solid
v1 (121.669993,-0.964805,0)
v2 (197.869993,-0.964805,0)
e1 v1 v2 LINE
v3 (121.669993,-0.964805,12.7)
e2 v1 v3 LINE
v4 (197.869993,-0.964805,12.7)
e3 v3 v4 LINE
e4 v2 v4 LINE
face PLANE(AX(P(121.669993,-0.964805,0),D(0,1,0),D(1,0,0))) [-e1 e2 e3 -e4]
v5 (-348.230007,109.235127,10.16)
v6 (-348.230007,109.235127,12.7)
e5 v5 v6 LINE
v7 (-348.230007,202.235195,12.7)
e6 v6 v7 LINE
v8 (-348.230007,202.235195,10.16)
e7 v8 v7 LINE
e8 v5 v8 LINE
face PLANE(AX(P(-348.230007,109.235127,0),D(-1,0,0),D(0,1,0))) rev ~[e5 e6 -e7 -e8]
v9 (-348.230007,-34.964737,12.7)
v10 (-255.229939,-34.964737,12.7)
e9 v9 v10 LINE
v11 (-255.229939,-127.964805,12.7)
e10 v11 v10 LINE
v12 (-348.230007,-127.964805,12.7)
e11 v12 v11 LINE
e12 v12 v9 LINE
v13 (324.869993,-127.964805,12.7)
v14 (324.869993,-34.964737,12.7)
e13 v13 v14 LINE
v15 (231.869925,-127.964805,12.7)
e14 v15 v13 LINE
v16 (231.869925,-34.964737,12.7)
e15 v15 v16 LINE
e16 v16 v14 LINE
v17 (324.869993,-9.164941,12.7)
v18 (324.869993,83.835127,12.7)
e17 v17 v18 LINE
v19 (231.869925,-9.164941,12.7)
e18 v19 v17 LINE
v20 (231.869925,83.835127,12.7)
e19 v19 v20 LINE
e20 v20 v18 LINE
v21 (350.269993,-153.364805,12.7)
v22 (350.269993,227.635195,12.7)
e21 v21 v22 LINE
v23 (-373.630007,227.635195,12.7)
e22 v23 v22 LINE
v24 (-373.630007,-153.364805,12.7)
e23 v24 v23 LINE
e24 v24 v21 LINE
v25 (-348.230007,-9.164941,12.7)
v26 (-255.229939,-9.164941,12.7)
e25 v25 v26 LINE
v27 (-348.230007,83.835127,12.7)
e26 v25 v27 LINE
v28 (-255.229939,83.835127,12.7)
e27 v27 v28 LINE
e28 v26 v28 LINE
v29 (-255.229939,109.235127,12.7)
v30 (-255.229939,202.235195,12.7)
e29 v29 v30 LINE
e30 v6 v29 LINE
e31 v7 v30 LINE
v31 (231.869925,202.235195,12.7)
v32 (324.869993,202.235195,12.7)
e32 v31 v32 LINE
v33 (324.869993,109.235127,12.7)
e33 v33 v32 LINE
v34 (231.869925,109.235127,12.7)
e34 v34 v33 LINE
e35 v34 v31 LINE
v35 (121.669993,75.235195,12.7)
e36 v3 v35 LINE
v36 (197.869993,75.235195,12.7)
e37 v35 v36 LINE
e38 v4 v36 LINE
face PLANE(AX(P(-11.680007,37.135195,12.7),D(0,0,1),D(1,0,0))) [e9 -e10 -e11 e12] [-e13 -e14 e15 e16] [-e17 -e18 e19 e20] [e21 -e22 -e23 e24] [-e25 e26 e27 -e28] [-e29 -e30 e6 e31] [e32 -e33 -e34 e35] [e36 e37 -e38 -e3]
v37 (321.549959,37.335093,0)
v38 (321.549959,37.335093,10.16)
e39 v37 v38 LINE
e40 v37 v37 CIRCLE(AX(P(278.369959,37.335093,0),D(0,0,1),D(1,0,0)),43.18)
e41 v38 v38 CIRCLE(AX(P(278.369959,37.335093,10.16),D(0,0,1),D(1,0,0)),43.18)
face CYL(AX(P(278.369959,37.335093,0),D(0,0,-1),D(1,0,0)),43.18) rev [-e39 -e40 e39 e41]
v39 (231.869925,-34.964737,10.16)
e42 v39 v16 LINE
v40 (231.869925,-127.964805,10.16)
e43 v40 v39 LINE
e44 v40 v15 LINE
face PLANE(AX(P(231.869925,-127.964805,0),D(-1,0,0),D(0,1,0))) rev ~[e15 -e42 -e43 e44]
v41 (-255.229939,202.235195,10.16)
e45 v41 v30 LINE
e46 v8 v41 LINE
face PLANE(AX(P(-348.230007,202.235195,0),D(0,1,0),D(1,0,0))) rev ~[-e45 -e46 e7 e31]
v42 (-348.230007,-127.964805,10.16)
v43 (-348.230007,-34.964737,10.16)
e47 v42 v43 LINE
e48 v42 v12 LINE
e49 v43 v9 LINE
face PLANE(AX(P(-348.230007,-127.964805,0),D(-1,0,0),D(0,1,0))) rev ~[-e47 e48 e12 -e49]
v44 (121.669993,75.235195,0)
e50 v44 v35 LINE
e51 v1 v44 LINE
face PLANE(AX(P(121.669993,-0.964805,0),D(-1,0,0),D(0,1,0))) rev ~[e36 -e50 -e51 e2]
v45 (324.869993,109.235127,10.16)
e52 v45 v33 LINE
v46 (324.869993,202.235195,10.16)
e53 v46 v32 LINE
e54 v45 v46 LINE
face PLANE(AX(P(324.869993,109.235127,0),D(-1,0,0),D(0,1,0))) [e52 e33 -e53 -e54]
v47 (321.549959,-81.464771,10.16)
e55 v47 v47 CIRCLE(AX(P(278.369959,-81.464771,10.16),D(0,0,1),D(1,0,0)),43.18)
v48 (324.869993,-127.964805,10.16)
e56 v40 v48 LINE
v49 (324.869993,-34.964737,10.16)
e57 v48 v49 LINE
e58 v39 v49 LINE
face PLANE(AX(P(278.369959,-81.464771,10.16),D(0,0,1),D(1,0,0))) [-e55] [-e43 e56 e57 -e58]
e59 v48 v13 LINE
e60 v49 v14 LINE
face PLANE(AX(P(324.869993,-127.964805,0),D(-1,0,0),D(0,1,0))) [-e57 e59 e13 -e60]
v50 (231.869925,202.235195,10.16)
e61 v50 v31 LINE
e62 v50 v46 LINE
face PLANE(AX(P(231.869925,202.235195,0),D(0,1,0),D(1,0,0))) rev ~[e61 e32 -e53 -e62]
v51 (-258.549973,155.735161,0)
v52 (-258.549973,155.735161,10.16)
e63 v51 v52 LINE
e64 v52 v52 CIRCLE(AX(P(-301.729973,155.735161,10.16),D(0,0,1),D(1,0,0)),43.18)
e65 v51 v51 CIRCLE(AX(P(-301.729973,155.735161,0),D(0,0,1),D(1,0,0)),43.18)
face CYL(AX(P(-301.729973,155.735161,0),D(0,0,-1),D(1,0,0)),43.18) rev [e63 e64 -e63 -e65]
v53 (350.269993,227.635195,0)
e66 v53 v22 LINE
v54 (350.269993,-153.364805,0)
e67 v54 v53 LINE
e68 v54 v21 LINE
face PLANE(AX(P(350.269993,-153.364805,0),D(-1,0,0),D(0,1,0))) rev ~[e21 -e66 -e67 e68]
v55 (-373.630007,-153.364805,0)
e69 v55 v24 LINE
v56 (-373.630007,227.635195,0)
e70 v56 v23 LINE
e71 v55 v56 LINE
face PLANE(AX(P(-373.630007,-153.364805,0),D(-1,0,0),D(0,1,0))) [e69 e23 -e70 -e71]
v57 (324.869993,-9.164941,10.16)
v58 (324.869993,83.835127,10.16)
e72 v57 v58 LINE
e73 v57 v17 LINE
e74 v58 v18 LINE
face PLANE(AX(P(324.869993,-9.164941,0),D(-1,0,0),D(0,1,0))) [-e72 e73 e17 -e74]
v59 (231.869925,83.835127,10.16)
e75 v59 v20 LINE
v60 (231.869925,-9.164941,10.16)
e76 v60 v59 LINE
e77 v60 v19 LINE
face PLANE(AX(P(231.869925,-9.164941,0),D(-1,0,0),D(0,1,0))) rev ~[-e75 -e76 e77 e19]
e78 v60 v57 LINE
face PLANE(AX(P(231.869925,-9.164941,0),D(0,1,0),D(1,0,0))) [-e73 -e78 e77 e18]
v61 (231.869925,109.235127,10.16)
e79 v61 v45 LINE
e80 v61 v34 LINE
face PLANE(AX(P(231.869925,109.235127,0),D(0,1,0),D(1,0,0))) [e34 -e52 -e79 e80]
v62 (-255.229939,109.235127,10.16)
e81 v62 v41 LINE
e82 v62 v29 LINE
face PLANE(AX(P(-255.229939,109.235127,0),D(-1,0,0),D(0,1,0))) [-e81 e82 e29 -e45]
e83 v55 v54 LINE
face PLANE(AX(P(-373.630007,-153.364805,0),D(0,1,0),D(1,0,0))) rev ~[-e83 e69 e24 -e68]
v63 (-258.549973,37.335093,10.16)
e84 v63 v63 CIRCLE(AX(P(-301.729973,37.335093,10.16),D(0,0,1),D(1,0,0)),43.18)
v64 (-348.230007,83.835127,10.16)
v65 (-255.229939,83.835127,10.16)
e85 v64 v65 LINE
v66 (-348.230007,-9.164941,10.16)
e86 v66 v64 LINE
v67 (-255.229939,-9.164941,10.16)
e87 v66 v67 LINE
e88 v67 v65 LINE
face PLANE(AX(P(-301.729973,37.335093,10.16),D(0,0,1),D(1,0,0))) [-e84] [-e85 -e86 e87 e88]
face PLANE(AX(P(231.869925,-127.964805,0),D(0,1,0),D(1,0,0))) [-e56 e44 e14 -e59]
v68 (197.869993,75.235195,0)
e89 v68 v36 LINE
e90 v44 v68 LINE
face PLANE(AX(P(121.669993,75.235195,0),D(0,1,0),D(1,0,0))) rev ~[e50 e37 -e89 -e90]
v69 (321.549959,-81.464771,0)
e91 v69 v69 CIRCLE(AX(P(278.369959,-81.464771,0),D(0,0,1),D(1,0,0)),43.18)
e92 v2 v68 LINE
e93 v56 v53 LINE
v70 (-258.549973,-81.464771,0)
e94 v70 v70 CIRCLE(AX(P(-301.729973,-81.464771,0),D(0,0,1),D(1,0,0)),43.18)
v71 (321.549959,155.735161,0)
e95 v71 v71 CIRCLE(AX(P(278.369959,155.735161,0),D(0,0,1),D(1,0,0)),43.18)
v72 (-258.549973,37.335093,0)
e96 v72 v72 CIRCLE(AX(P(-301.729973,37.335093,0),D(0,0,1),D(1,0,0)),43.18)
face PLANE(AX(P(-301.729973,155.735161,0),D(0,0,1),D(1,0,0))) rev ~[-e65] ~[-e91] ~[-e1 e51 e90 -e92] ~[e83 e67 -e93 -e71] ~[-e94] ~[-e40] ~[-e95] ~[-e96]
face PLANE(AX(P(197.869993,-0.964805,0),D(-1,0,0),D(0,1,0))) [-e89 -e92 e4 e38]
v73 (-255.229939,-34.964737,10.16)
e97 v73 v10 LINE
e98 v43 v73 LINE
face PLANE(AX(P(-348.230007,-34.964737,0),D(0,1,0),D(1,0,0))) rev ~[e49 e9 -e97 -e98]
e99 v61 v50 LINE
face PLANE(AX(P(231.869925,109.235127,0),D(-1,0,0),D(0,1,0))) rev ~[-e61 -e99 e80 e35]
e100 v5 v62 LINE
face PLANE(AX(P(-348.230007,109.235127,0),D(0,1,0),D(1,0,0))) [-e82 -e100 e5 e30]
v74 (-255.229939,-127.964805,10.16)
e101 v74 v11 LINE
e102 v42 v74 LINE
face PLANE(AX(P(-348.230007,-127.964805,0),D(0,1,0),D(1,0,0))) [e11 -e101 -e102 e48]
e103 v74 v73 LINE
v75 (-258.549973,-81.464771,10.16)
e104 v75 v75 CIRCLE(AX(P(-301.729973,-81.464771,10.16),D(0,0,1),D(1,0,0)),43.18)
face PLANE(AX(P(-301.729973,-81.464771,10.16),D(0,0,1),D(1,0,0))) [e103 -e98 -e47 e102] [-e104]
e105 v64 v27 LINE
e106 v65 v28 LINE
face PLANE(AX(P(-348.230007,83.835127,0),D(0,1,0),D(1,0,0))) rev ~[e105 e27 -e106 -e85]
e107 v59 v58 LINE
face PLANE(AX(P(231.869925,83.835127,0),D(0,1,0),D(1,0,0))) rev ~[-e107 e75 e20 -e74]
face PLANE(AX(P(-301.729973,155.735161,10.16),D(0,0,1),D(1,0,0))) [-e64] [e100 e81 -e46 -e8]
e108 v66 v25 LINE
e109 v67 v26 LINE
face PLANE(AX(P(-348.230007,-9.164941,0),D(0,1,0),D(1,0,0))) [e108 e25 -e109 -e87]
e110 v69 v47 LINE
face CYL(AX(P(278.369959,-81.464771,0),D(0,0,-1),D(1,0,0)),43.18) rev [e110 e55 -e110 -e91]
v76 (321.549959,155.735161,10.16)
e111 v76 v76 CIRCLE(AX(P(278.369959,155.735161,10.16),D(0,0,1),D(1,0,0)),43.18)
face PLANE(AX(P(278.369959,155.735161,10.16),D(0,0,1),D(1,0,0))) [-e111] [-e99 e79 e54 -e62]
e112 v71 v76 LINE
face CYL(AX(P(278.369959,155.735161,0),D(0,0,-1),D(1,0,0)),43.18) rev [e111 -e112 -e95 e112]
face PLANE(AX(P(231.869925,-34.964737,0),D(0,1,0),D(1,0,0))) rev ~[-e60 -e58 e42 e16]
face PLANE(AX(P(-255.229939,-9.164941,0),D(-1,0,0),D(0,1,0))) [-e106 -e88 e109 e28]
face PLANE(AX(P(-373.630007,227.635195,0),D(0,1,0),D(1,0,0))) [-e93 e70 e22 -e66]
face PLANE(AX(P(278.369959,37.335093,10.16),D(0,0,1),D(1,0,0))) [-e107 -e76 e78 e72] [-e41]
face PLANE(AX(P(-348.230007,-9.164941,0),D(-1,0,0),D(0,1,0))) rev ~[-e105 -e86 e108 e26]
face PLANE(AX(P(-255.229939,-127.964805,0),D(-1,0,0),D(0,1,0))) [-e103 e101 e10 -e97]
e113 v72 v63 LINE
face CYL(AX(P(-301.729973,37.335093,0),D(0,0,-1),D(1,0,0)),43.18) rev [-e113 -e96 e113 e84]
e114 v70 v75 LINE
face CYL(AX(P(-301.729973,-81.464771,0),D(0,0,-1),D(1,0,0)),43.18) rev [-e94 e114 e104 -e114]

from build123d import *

# Parameters (mm, degrees)
F0_W     = 723.9
F0_H     = 381
F0_W_2   = 93.000068
F0_H_2   = 93.000068
F0_W_3   = 76.2
F0_H_3   = 76.2
F1_DEPTH = 12.7
F0_R     = 43.18
F2_DEPTH = 10.16
F3_DEPTH = 25.4
F4_DEPTH = 10.16


with BuildPart() as f1:
    # F0 (on Top) → F1 (new body)
    with BuildSketch(Plane.XY):
        with Locations((-11.680007, 37.135195)):
            Rectangle(F0_W, F0_H)
        with Locations((-301.729973, -81.464771)):
            Rectangle(F0_W_2, F0_H_2, mode=Mode.SUBTRACT)
        with Locations((278.369959, -81.464771)):
            Rectangle(F0_W_2, F0_H_2, mode=Mode.SUBTRACT)
        with Locations((159.769993, 37.135195)):
            Rectangle(F0_W_3, F0_H_3, mode=Mode.SUBTRACT)
        with Locations((-301.729973, 37.335093)):
            Rectangle(F0_W_2, F0_H_2, mode=Mode.SUBTRACT)
        with Locations((-301.729973, 155.735161)):
            Rectangle(F0_W_2, F0_H_2, mode=Mode.SUBTRACT)
        with Locations((278.369959, 37.335093)):
            Rectangle(F0_W_2, F0_H_2, mode=Mode.SUBTRACT)
        with Locations((278.369959, 155.735161)):
            Rectangle(F0_W_2, F0_H_2, mode=Mode.SUBTRACT)
    extrude(amount=F1_DEPTH)

    # F0 (on Top) → F2 (join)
    with BuildSketch(Plane.XY):
        with Locations((278.369959, 155.735161)):
            Rectangle(F0_W_2, F0_H_2)
        with Locations((278.369959, 155.735161)):
            Circle(F0_R, mode=Mode.SUBTRACT)
        with Locations((278.369959, 37.335093)):
            Rectangle(F0_W_2, F0_H_2)
        with Locations((278.369959, 37.335093)):
            Circle(F0_R, mode=Mode.SUBTRACT)
        with Locations((278.369959, -81.464771)):
            Rectangle(F0_W_2, F0_H_2)
        with Locations((278.369959, -81.464771)):
            Circle(F0_R, mode=Mode.SUBTRACT)
    extrude(amount=F2_DEPTH)

    # F0 (on Top) → F3 (cut)
    with BuildSketch(Plane.XY):
        with Locations((278.369959, 155.735161)):
            Circle(F0_R)
        with Locations((278.369959, 37.335093)):
            Circle(F0_R)
        with Locations((278.369959, -81.464771)):
            Circle(F0_R)
    extrude(amount=F3_DEPTH, mode=Mode.SUBTRACT)

    # F0 (on Top) → F4 (join)
    with BuildSketch(Plane.XY):
        with Locations((-301.729973, 155.735161)):
            Rectangle(F0_W_2, F0_H_2)
        with Locations((-301.729973, 155.735161)):
            Circle(F0_R, mode=Mode.SUBTRACT)
        with Locations((-301.729973, 37.335093)):
            Rectangle(F0_W_2, F0_H_2)
        with Locations((-301.729973, 37.335093)):
            Circle(F0_R, mode=Mode.SUBTRACT)
        with Locations((-301.729973, -81.464771)):
            Rectangle(F0_W_2, F0_H_2)
        with Locations((-301.729973, -81.464771)):
            Circle(F0_R, mode=Mode.SUBTRACT)
    extrude(amount=F4_DEPTH)


solid = f1.part
